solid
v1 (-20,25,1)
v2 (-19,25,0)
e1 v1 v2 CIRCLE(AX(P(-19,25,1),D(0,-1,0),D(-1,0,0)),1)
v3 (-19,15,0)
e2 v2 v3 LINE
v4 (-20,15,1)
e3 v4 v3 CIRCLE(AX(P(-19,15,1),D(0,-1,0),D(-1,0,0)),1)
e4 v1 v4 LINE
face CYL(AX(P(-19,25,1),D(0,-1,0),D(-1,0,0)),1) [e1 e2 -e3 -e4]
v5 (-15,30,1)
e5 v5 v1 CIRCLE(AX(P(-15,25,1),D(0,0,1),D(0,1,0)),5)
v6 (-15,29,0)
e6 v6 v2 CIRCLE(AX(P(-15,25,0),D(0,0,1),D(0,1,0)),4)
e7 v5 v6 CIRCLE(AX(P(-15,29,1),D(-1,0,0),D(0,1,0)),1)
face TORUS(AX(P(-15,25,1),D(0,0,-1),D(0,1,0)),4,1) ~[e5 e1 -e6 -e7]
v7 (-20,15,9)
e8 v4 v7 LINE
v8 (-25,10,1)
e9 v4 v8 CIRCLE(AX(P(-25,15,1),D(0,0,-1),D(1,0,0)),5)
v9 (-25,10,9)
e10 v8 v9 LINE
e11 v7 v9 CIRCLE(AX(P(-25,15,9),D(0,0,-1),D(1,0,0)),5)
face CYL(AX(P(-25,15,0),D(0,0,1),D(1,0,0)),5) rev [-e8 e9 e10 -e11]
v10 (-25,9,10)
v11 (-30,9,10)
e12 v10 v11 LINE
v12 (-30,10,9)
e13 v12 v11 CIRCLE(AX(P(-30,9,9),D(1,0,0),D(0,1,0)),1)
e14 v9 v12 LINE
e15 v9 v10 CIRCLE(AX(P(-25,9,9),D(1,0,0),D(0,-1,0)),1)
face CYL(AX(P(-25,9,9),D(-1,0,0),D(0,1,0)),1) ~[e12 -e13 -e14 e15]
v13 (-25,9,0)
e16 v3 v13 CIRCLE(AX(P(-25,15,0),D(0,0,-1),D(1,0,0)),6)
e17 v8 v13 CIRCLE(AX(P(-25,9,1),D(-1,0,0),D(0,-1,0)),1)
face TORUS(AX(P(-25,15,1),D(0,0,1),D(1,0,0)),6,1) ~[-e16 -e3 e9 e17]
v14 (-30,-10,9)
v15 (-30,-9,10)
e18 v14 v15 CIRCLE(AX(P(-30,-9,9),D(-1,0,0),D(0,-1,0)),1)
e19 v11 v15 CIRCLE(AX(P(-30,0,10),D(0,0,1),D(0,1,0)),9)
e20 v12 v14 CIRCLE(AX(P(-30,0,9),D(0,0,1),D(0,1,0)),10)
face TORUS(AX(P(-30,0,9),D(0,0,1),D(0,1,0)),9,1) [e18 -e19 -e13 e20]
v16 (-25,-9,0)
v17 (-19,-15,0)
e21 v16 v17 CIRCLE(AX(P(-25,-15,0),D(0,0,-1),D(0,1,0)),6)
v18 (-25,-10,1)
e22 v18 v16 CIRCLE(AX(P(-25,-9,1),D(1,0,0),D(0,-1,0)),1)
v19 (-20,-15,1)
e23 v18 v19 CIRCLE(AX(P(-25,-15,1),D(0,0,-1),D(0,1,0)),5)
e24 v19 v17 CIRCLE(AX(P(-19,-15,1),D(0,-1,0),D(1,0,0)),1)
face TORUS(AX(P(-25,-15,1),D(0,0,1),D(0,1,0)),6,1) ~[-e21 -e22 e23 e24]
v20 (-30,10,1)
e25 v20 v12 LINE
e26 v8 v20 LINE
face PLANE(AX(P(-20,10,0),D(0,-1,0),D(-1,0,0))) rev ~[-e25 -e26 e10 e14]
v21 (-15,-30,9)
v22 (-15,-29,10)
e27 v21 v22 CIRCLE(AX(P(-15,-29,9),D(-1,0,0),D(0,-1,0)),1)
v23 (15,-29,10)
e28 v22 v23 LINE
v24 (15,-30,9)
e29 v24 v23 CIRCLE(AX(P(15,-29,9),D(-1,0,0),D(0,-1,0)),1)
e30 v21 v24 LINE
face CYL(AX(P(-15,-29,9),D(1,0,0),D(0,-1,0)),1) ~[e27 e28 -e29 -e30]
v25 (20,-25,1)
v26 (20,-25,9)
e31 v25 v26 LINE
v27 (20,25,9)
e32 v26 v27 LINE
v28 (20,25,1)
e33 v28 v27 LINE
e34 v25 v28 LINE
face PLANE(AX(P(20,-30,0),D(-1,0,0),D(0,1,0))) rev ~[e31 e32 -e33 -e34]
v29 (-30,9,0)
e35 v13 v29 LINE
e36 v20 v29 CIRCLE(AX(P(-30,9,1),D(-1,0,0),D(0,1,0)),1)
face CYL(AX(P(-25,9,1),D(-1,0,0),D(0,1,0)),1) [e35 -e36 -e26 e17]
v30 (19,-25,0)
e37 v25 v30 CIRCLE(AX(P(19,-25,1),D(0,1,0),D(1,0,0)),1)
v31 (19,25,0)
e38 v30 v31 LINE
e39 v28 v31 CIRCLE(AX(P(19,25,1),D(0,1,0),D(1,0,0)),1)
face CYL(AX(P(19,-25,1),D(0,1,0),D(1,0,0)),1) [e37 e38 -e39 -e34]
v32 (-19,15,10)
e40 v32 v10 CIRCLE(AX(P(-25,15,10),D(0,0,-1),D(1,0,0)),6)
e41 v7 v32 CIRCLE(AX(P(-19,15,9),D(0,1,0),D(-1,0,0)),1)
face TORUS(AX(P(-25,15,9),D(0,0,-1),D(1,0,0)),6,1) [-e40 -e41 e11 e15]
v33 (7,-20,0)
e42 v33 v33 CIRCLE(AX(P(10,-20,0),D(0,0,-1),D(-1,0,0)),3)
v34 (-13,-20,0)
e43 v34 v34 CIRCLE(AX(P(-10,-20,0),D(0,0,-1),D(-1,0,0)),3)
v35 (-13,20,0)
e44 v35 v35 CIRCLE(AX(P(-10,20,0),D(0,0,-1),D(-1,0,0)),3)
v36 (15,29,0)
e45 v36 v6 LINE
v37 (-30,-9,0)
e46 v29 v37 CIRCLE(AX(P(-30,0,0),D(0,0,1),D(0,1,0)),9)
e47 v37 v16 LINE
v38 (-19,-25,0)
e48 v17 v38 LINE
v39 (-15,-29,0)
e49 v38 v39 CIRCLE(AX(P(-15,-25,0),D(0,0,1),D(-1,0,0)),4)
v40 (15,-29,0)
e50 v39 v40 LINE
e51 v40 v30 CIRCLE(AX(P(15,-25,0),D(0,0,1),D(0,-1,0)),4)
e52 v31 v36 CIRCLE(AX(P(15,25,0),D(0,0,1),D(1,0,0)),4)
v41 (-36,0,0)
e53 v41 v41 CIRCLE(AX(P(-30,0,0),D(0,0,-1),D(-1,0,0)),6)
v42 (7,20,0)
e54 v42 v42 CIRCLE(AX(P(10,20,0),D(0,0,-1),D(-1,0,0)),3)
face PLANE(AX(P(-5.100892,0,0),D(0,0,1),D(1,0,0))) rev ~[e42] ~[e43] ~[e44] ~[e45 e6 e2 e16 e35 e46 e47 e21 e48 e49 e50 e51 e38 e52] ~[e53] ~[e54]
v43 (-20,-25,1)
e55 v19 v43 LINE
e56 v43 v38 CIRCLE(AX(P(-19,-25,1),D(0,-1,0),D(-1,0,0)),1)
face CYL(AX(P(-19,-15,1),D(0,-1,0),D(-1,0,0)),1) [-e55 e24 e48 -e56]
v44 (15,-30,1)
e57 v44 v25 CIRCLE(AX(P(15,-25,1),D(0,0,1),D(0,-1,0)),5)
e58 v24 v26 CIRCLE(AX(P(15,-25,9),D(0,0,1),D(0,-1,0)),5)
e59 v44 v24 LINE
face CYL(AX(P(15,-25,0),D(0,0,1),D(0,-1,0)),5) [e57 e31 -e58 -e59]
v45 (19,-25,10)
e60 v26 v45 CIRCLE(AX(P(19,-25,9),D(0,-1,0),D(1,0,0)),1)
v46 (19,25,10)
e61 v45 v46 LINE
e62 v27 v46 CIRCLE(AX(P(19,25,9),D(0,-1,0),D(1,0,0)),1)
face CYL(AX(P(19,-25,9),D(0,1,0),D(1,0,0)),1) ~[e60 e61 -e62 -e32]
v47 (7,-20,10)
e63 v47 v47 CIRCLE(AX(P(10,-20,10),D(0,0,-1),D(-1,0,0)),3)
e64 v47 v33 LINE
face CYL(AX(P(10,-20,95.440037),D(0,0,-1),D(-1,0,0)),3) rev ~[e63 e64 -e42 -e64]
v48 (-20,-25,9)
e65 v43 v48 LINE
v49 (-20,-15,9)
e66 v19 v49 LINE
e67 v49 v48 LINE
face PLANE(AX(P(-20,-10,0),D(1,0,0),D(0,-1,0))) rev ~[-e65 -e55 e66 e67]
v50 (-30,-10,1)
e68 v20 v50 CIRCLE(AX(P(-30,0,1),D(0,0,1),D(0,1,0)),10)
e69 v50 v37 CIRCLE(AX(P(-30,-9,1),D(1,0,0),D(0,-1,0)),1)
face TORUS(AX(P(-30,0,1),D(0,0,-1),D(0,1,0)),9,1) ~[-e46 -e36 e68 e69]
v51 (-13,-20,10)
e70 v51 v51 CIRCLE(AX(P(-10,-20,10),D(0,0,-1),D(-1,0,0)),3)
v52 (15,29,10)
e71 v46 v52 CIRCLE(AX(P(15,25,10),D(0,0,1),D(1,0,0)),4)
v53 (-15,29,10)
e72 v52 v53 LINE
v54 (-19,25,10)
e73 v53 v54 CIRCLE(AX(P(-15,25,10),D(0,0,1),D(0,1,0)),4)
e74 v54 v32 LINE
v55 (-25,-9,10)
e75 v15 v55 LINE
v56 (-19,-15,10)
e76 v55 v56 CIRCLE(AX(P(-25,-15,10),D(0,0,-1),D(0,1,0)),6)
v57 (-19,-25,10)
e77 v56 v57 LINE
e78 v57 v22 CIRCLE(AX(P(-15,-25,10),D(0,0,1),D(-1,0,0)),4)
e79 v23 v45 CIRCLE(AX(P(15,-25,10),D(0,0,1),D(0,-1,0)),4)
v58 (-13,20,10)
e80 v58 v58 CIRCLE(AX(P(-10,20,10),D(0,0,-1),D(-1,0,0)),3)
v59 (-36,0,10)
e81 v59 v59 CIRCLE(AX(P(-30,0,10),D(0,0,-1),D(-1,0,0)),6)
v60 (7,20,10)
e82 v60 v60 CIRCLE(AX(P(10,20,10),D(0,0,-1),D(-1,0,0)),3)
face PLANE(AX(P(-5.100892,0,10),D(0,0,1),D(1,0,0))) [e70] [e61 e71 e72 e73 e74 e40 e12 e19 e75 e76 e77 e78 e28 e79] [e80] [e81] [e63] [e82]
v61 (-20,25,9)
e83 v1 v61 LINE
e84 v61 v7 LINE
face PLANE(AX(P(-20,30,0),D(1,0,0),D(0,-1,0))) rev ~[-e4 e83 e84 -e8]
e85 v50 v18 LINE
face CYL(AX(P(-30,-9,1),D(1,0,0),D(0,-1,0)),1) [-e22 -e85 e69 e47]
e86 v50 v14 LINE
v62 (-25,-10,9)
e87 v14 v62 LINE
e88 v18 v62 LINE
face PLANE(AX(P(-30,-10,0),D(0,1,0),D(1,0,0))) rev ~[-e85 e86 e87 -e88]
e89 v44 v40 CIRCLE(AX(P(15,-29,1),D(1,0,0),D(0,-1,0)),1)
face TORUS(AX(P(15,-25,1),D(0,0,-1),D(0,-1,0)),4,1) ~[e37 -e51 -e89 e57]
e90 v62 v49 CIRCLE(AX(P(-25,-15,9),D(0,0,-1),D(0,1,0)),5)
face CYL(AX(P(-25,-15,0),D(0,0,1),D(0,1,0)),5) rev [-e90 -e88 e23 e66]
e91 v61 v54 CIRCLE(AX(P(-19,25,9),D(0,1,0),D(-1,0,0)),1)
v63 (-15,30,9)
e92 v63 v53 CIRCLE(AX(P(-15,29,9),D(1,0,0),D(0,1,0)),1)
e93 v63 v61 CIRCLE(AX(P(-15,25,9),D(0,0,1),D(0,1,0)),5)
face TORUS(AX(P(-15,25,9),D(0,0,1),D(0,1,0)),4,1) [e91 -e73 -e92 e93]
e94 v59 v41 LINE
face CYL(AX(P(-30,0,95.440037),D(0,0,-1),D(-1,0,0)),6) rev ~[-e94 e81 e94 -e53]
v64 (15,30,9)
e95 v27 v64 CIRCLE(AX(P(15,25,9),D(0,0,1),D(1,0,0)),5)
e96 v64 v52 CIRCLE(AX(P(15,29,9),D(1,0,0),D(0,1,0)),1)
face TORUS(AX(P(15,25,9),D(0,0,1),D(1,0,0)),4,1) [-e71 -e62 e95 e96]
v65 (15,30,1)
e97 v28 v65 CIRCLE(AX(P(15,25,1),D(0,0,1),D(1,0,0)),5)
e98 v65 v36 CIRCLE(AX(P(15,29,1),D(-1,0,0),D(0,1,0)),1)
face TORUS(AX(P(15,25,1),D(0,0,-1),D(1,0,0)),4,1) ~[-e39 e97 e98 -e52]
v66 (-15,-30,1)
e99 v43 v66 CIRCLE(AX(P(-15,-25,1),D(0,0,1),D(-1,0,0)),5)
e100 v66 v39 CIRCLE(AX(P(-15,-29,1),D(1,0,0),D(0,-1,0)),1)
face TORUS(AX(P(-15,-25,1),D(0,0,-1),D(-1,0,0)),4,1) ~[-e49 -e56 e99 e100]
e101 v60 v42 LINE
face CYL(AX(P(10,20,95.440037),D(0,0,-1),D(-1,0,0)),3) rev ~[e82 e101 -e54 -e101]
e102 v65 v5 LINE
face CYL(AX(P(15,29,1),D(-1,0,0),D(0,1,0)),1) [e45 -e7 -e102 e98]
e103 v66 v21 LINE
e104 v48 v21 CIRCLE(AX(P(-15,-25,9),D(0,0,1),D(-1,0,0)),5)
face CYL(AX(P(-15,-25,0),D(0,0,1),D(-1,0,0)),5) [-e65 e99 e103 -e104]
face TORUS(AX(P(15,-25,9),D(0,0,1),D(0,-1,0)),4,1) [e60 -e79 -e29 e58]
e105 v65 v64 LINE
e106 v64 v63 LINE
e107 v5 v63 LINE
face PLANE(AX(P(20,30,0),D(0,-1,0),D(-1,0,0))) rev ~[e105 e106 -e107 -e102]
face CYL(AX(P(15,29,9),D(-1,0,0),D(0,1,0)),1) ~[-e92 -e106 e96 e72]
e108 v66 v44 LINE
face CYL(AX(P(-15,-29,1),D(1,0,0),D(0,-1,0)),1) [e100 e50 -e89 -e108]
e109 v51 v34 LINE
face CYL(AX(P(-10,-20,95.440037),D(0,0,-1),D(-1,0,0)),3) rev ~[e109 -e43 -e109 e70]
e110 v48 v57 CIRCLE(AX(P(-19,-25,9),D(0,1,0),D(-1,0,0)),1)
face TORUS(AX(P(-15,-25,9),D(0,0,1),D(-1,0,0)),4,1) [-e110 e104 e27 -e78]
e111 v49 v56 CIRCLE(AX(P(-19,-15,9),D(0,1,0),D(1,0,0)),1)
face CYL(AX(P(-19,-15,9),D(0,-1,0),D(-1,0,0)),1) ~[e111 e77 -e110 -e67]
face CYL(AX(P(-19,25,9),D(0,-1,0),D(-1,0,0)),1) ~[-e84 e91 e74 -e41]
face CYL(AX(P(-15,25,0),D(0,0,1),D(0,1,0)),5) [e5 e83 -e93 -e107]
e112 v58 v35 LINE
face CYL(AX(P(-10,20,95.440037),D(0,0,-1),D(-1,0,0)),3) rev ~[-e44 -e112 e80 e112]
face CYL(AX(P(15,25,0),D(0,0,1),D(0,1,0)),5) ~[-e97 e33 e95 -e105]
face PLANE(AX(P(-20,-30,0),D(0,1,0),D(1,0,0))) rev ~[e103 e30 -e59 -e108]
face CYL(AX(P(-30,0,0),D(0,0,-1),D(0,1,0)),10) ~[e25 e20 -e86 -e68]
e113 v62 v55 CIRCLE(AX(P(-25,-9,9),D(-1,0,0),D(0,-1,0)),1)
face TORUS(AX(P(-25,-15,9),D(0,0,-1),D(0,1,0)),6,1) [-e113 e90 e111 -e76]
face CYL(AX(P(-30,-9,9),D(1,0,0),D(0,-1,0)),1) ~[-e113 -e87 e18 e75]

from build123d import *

# Parameters (mm, degrees)
F1_DEPTH = 10
F2_R     = 5
F4_D     = 6
F6_D     = 12
F7_R     = 1


with BuildPart() as f1:
    # F0 (on Top) → F1 (new body)
    with BuildSketch(Plane.XY):
        with BuildLine():
            Line((20, 30), (-20, 30))
            Line((-20, 30), (-20, 10))
            Line((-20, 10), (-30, 10))
            ThreePointArc((-30, 10), (-40, 0), (-30, -10))
            Line((-30, -10), (-20, -10))
            Line((-20, -10), (-20, -30))
            Line((-20, -30), (20, -30))
            Line((20, -30), (20, 30))
        make_face()
    extrude(amount=F1_DEPTH)

    # F2
    f2_edges = [f1.edges().sort_by_distance(p)[0] for p in [
        (-20, 30, 5),
        (-20, -30, 5),
        (20, -30, 5),
        (20, 30, 5),
        (-20, -10, 5),
        (-20, 10, 5),
    ]]
    fillet(f2_edges, radius=F2_R)

    # F4 (through all)
    with Locations(Plane.XY.offset(10)):
        with Locations((-10, 20), (10, 20), (10, -20), (-10, -20)):
            Hole(F4_D / 2)

    # F6 (through all)
    with Locations(Plane.XY.offset(10)):
        with Locations((-30, 0)):
            Hole(F6_D / 2)

    # F7
    f7_edges = [f1.edges().sort_by_distance(p)[0] for p in [
        (0, 30, 0),
        (0, 30, 10),
    ]]
    fillet(f7_edges, radius=F7_R)


solid = f1.part
